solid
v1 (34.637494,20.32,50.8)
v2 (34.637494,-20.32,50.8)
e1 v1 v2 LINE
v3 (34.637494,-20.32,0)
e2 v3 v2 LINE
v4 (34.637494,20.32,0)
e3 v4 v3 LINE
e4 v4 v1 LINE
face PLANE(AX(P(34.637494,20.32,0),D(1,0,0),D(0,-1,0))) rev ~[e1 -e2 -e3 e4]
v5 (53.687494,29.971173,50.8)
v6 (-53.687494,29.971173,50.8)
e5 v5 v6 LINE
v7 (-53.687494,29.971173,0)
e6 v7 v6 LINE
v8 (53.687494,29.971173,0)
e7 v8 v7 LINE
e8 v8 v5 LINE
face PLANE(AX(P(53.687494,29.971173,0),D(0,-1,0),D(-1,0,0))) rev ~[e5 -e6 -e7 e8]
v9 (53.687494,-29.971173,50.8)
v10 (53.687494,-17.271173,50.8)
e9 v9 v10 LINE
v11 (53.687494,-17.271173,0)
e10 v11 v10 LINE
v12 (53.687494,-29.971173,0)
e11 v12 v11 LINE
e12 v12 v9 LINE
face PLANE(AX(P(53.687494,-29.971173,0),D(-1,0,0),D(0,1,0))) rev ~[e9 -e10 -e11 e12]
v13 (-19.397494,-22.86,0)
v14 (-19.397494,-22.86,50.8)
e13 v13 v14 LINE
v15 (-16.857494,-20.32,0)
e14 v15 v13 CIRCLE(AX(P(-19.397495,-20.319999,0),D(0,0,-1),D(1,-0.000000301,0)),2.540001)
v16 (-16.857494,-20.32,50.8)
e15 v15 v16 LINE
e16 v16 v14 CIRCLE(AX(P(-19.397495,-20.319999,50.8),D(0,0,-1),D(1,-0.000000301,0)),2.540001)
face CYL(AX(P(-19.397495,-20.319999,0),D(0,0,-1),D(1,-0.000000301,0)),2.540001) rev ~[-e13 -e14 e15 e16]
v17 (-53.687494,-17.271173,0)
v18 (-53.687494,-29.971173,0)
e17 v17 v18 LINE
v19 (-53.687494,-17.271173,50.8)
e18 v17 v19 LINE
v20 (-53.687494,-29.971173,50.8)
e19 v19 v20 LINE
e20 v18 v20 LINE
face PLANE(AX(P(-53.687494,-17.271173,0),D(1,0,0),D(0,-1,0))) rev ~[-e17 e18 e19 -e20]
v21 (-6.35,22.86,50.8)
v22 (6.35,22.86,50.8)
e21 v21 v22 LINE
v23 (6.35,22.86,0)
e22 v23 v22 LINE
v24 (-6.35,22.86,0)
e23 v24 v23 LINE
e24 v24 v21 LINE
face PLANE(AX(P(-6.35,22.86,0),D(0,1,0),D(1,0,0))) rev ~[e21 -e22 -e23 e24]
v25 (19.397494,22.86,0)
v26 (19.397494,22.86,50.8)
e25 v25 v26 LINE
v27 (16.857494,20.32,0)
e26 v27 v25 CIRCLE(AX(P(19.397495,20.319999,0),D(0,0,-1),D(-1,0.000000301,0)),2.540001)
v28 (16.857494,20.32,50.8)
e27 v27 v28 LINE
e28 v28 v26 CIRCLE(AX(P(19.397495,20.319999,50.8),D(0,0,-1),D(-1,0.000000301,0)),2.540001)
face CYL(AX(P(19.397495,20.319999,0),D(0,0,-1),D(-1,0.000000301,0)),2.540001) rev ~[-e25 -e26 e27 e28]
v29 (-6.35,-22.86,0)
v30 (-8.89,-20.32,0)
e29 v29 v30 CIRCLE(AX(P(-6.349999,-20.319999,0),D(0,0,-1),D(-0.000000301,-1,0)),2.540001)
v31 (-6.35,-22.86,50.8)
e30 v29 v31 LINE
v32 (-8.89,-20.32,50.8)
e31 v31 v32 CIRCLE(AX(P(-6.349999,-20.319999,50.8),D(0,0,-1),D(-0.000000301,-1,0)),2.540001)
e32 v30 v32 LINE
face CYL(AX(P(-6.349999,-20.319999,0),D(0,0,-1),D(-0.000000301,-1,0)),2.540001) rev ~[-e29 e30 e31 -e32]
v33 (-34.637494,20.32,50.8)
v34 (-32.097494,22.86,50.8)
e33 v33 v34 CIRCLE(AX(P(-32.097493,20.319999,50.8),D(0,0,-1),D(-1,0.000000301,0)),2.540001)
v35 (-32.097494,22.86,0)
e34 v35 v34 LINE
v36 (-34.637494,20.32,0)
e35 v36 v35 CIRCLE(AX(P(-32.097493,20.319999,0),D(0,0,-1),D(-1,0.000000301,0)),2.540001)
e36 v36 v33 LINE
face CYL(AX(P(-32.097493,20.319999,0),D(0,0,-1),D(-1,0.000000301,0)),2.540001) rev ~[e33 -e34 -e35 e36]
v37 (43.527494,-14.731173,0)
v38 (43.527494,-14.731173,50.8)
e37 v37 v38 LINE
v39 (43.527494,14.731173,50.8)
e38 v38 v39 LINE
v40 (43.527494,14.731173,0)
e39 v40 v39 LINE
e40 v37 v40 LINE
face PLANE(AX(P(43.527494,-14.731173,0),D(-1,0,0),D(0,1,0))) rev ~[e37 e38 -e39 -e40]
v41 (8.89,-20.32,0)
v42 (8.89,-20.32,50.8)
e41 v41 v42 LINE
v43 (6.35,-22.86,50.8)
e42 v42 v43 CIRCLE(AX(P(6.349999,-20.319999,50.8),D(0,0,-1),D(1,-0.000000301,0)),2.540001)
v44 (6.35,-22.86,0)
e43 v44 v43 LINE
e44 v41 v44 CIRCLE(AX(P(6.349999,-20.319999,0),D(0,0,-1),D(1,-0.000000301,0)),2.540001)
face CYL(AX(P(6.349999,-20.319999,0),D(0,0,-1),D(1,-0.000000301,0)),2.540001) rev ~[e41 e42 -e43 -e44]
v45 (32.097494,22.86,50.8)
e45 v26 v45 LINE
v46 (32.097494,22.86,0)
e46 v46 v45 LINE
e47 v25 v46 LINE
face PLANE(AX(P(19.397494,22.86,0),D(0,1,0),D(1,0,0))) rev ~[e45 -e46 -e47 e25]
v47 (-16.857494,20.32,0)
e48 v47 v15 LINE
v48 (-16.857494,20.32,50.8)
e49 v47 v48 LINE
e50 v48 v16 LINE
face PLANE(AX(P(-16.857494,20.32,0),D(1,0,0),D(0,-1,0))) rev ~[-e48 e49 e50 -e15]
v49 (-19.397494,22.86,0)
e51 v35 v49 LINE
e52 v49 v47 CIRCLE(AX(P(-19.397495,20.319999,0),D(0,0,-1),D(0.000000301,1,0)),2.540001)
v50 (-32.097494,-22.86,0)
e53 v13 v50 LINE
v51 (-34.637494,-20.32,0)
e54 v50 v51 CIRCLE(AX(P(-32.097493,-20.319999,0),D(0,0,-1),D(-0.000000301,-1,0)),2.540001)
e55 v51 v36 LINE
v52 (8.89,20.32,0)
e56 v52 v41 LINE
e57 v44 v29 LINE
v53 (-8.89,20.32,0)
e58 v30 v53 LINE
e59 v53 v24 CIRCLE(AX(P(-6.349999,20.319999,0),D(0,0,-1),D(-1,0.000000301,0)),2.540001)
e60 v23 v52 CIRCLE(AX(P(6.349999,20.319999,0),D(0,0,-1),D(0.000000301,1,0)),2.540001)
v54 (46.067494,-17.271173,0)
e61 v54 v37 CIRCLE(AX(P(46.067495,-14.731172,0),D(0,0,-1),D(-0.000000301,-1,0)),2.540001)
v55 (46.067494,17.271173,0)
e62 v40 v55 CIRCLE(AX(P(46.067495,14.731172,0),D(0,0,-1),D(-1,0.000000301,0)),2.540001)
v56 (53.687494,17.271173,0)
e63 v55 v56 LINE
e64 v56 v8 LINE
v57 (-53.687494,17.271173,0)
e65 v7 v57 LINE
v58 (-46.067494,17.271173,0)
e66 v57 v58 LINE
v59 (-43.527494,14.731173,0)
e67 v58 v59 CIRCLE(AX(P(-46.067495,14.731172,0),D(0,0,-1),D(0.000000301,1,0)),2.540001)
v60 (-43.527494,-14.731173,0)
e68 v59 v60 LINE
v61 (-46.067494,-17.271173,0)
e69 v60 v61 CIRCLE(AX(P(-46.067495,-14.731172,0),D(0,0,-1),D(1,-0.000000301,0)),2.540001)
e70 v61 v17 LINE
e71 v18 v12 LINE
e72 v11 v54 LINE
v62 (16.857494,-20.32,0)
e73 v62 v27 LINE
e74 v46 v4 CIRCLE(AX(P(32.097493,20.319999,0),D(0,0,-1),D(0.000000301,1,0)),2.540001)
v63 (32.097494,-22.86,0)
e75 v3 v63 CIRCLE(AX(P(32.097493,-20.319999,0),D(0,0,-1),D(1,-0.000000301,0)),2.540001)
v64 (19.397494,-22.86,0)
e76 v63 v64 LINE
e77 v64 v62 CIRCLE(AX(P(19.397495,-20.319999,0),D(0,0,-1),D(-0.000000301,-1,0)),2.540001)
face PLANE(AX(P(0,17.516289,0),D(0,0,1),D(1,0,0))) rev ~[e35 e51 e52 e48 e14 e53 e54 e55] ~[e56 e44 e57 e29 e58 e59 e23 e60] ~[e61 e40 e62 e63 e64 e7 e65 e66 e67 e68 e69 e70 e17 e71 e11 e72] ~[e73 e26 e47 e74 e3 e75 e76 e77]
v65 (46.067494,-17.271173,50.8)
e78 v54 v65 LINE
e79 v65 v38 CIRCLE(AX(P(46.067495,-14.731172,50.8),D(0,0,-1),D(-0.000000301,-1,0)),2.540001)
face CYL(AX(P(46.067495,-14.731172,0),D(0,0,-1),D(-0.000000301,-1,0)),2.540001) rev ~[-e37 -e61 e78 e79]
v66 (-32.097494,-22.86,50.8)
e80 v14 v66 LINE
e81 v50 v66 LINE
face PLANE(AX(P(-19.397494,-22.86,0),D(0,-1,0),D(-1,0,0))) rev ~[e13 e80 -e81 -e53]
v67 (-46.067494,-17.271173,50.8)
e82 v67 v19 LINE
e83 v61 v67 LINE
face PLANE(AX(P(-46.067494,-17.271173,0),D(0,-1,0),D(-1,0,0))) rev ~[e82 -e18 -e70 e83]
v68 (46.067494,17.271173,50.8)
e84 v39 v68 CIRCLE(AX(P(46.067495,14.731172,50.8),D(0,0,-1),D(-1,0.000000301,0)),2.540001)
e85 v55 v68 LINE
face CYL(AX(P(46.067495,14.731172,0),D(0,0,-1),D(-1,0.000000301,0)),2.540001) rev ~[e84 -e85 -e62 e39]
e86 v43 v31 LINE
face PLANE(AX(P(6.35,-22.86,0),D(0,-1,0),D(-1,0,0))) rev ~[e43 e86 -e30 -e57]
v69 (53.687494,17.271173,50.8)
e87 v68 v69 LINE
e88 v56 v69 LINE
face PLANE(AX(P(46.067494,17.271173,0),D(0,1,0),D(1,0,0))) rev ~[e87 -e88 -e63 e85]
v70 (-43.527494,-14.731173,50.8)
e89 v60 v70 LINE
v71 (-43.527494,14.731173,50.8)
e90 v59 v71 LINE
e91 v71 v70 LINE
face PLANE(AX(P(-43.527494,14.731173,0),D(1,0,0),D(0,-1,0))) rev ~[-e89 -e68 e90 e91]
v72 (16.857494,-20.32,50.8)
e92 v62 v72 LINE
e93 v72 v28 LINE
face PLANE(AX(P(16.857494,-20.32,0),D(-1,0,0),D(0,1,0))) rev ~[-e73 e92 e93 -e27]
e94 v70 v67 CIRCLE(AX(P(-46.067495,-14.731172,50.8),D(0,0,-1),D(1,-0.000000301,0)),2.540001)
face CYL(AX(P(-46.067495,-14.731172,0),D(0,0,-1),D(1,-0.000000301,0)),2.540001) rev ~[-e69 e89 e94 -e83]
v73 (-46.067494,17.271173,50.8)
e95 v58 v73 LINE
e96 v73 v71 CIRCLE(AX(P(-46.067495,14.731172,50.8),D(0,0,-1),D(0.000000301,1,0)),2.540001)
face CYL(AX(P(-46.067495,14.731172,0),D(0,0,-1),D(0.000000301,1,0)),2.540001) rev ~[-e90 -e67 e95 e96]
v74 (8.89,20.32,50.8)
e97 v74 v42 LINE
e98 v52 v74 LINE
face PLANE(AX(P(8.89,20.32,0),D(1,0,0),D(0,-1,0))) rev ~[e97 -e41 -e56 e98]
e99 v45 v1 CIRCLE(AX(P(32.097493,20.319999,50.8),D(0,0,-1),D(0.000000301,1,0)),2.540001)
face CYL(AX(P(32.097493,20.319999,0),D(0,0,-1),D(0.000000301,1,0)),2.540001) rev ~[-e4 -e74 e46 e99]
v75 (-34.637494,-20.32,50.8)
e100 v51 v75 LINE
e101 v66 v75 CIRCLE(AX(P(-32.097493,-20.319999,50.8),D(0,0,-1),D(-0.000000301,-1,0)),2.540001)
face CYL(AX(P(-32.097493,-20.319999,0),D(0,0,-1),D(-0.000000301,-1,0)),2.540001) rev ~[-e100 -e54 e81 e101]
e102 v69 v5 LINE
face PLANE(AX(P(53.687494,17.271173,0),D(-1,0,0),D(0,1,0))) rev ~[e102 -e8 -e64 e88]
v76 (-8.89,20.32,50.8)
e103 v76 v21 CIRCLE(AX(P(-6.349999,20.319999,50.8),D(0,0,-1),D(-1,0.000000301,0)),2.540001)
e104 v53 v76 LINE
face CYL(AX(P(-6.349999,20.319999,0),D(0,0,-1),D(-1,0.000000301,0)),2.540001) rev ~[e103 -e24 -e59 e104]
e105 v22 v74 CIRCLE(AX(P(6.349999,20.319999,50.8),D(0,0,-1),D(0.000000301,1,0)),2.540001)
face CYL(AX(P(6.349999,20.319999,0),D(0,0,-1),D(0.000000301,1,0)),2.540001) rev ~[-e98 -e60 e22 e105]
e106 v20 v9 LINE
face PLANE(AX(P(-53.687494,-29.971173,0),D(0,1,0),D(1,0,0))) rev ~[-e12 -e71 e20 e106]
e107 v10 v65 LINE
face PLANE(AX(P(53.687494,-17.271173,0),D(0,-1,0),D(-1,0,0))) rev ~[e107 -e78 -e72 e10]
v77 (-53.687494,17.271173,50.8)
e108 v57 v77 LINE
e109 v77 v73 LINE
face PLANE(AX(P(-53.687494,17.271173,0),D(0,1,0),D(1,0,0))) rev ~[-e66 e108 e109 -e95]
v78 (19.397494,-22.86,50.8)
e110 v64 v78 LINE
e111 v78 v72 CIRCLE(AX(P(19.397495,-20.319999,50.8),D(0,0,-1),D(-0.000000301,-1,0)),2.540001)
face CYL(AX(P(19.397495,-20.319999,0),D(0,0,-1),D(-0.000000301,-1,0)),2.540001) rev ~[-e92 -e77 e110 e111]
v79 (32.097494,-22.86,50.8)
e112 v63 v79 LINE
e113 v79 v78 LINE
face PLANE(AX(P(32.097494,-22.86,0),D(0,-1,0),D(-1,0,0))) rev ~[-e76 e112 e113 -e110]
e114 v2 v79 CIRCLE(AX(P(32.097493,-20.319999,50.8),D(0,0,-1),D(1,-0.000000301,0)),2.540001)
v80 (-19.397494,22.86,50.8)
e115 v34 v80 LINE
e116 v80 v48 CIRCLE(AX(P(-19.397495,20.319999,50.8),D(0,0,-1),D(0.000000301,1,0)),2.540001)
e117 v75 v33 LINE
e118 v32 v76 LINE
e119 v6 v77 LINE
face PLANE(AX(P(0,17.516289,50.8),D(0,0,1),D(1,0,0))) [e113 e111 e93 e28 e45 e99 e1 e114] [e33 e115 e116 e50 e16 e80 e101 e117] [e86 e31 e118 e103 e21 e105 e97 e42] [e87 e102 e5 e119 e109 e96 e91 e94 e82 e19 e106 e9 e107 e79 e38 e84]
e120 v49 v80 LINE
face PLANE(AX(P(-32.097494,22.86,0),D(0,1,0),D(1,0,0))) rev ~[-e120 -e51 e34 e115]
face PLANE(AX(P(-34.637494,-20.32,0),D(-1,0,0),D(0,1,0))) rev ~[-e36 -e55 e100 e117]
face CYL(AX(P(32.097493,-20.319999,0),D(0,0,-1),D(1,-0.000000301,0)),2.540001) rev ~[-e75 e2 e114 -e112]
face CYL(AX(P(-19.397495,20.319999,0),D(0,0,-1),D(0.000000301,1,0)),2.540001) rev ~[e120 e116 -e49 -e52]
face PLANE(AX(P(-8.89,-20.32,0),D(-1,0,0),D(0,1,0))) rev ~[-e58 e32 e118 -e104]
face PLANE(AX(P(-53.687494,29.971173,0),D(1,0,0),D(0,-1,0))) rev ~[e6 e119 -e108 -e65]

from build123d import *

# Parameters (mm, degrees)
F1_DEPTH = 50.8


with BuildPart() as f1:
    # F0 (on Top) → F1 (new body)
    with BuildSketch(Plane.XY):
        with BuildLine():
            Line((53.687494, 29.971173), (-53.687494, 29.971173))
            Line((-53.687494, 29.971173), (-53.687494, 17.271173))
            Line((-53.687494, 17.271173), (-46.067494, 17.271173))
            ThreePointArc((-46.067494, 17.271173), (-44.271443, 16.527224), (-43.527494, 14.731173))
            Line((-43.527494, 14.731173), (-43.527494, 0))
            Line((-43.527494, 0), (-34.637494, 0))
            Line((-34.637494, 0), (-34.637494, 20.32))
            ThreePointArc((-34.637494, 20.32), (-33.893545, 22.116051), (-32.097494, 22.86))
            Line((-32.097494, 22.86), (-19.397494, 22.86))
            ThreePointArc((-19.397494, 22.86), (-17.601443, 22.116051), (-16.857494, 20.32))
            Line((-16.857494, 20.32), (-16.857494, 0))
            Line((-16.857494, 0), (-8.89, 0))
            Line((-8.89, 0), (-8.89, 20.32))
            ThreePointArc((-8.89, 20.32), (-8.146051, 22.116051), (-6.35, 22.86))
            Line((-6.35, 22.86), (6.35, 22.86))
            ThreePointArc((6.35, 22.86), (8.146051, 22.116051), (8.89, 20.32))
            Line((8.89, 20.32), (8.89, 0))
            Line((8.89, 0), (16.857494, 0))
            Line((16.857494, 0), (16.857494, 20.32))
            ThreePointArc((16.857494, 20.32), (17.601443, 22.116051), (19.397494, 22.86))
            Line((19.397494, 22.86), (32.097494, 22.86))
            ThreePointArc((32.097494, 22.86), (33.893545, 22.116051), (34.637494, 20.32))
            Line((34.637494, 20.32), (34.637494, 0))
            Line((34.637494, 0), (43.527494, 0))
            Line((43.527494, 0), (43.527494, 14.731173))
            ThreePointArc((43.527494, 14.731173), (44.271443, 16.527224), (46.067494, 17.271173))
            Line((46.067494, 17.271173), (53.687494, 17.271173))
            Line((53.687494, 17.271173), (53.687494, 29.971173))
        make_face()
        with BuildLine():
            Line((-46.067494, -17.271173), (-53.687494, -17.271173))
            Line((-53.687494, -17.271173), (-53.687494, -29.971173))
            Line((-53.687494, -29.971173), (53.687494, -29.971173))
            Line((53.687494, -29.971173), (53.687494, -17.271173))
            Line((53.687494, -17.271173), (46.067494, -17.271173))
            ThreePointArc((46.067494, -17.271173), (44.271443, -16.527224), (43.527494, -14.731173))
            Line((43.527494, -14.731173), (43.527494, 0))
            Line((43.527494, 0), (34.637494, 0))
            Line((34.637494, 0), (34.637494, -20.32))
            ThreePointArc((34.637494, -20.32), (33.893545, -22.116051), (32.097494, -22.86))
            Line((32.097494, -22.86), (19.397494, -22.86))
            ThreePointArc((19.397494, -22.86), (17.601443, -22.116051), (16.857494, -20.32))
            Line((16.857494, -20.32), (16.857494, 0))
            Line((16.857494, 0), (8.89, 0))
            Line((8.89, 0), (8.89, -20.32))
            ThreePointArc((8.89, -20.32), (8.146051, -22.116051), (6.35, -22.86))
            Line((6.35, -22.86), (-6.35, -22.86))
            ThreePointArc((-6.35, -22.86), (-8.146051, -22.116051), (-8.89, -20.32))
            Line((-8.89, -20.32), (-8.89, 0))
            Line((-8.89, 0), (-16.857494, 0))
            Line((-16.857494, 0), (-16.857494, -20.32))
            ThreePointArc((-16.857494, -20.32), (-17.601443, -22.116051), (-19.397494, -22.86))
            Line((-19.397494, -22.86), (-32.097494, -22.86))
            ThreePointArc((-32.097494, -22.86), (-33.893545, -22.116051), (-34.637494, -20.32))
            Line((-34.637494, -20.32), (-34.637494, 0))
            Line((-34.637494, 0), (-43.527494, 0))
            Line((-43.527494, 0), (-43.527494, -14.731173))
            ThreePointArc((-43.527494, -14.731173), (-44.271443, -16.527224), (-46.067494, -17.271173))
        make_face()
    extrude(amount=F1_DEPTH)


solid = f1.part
